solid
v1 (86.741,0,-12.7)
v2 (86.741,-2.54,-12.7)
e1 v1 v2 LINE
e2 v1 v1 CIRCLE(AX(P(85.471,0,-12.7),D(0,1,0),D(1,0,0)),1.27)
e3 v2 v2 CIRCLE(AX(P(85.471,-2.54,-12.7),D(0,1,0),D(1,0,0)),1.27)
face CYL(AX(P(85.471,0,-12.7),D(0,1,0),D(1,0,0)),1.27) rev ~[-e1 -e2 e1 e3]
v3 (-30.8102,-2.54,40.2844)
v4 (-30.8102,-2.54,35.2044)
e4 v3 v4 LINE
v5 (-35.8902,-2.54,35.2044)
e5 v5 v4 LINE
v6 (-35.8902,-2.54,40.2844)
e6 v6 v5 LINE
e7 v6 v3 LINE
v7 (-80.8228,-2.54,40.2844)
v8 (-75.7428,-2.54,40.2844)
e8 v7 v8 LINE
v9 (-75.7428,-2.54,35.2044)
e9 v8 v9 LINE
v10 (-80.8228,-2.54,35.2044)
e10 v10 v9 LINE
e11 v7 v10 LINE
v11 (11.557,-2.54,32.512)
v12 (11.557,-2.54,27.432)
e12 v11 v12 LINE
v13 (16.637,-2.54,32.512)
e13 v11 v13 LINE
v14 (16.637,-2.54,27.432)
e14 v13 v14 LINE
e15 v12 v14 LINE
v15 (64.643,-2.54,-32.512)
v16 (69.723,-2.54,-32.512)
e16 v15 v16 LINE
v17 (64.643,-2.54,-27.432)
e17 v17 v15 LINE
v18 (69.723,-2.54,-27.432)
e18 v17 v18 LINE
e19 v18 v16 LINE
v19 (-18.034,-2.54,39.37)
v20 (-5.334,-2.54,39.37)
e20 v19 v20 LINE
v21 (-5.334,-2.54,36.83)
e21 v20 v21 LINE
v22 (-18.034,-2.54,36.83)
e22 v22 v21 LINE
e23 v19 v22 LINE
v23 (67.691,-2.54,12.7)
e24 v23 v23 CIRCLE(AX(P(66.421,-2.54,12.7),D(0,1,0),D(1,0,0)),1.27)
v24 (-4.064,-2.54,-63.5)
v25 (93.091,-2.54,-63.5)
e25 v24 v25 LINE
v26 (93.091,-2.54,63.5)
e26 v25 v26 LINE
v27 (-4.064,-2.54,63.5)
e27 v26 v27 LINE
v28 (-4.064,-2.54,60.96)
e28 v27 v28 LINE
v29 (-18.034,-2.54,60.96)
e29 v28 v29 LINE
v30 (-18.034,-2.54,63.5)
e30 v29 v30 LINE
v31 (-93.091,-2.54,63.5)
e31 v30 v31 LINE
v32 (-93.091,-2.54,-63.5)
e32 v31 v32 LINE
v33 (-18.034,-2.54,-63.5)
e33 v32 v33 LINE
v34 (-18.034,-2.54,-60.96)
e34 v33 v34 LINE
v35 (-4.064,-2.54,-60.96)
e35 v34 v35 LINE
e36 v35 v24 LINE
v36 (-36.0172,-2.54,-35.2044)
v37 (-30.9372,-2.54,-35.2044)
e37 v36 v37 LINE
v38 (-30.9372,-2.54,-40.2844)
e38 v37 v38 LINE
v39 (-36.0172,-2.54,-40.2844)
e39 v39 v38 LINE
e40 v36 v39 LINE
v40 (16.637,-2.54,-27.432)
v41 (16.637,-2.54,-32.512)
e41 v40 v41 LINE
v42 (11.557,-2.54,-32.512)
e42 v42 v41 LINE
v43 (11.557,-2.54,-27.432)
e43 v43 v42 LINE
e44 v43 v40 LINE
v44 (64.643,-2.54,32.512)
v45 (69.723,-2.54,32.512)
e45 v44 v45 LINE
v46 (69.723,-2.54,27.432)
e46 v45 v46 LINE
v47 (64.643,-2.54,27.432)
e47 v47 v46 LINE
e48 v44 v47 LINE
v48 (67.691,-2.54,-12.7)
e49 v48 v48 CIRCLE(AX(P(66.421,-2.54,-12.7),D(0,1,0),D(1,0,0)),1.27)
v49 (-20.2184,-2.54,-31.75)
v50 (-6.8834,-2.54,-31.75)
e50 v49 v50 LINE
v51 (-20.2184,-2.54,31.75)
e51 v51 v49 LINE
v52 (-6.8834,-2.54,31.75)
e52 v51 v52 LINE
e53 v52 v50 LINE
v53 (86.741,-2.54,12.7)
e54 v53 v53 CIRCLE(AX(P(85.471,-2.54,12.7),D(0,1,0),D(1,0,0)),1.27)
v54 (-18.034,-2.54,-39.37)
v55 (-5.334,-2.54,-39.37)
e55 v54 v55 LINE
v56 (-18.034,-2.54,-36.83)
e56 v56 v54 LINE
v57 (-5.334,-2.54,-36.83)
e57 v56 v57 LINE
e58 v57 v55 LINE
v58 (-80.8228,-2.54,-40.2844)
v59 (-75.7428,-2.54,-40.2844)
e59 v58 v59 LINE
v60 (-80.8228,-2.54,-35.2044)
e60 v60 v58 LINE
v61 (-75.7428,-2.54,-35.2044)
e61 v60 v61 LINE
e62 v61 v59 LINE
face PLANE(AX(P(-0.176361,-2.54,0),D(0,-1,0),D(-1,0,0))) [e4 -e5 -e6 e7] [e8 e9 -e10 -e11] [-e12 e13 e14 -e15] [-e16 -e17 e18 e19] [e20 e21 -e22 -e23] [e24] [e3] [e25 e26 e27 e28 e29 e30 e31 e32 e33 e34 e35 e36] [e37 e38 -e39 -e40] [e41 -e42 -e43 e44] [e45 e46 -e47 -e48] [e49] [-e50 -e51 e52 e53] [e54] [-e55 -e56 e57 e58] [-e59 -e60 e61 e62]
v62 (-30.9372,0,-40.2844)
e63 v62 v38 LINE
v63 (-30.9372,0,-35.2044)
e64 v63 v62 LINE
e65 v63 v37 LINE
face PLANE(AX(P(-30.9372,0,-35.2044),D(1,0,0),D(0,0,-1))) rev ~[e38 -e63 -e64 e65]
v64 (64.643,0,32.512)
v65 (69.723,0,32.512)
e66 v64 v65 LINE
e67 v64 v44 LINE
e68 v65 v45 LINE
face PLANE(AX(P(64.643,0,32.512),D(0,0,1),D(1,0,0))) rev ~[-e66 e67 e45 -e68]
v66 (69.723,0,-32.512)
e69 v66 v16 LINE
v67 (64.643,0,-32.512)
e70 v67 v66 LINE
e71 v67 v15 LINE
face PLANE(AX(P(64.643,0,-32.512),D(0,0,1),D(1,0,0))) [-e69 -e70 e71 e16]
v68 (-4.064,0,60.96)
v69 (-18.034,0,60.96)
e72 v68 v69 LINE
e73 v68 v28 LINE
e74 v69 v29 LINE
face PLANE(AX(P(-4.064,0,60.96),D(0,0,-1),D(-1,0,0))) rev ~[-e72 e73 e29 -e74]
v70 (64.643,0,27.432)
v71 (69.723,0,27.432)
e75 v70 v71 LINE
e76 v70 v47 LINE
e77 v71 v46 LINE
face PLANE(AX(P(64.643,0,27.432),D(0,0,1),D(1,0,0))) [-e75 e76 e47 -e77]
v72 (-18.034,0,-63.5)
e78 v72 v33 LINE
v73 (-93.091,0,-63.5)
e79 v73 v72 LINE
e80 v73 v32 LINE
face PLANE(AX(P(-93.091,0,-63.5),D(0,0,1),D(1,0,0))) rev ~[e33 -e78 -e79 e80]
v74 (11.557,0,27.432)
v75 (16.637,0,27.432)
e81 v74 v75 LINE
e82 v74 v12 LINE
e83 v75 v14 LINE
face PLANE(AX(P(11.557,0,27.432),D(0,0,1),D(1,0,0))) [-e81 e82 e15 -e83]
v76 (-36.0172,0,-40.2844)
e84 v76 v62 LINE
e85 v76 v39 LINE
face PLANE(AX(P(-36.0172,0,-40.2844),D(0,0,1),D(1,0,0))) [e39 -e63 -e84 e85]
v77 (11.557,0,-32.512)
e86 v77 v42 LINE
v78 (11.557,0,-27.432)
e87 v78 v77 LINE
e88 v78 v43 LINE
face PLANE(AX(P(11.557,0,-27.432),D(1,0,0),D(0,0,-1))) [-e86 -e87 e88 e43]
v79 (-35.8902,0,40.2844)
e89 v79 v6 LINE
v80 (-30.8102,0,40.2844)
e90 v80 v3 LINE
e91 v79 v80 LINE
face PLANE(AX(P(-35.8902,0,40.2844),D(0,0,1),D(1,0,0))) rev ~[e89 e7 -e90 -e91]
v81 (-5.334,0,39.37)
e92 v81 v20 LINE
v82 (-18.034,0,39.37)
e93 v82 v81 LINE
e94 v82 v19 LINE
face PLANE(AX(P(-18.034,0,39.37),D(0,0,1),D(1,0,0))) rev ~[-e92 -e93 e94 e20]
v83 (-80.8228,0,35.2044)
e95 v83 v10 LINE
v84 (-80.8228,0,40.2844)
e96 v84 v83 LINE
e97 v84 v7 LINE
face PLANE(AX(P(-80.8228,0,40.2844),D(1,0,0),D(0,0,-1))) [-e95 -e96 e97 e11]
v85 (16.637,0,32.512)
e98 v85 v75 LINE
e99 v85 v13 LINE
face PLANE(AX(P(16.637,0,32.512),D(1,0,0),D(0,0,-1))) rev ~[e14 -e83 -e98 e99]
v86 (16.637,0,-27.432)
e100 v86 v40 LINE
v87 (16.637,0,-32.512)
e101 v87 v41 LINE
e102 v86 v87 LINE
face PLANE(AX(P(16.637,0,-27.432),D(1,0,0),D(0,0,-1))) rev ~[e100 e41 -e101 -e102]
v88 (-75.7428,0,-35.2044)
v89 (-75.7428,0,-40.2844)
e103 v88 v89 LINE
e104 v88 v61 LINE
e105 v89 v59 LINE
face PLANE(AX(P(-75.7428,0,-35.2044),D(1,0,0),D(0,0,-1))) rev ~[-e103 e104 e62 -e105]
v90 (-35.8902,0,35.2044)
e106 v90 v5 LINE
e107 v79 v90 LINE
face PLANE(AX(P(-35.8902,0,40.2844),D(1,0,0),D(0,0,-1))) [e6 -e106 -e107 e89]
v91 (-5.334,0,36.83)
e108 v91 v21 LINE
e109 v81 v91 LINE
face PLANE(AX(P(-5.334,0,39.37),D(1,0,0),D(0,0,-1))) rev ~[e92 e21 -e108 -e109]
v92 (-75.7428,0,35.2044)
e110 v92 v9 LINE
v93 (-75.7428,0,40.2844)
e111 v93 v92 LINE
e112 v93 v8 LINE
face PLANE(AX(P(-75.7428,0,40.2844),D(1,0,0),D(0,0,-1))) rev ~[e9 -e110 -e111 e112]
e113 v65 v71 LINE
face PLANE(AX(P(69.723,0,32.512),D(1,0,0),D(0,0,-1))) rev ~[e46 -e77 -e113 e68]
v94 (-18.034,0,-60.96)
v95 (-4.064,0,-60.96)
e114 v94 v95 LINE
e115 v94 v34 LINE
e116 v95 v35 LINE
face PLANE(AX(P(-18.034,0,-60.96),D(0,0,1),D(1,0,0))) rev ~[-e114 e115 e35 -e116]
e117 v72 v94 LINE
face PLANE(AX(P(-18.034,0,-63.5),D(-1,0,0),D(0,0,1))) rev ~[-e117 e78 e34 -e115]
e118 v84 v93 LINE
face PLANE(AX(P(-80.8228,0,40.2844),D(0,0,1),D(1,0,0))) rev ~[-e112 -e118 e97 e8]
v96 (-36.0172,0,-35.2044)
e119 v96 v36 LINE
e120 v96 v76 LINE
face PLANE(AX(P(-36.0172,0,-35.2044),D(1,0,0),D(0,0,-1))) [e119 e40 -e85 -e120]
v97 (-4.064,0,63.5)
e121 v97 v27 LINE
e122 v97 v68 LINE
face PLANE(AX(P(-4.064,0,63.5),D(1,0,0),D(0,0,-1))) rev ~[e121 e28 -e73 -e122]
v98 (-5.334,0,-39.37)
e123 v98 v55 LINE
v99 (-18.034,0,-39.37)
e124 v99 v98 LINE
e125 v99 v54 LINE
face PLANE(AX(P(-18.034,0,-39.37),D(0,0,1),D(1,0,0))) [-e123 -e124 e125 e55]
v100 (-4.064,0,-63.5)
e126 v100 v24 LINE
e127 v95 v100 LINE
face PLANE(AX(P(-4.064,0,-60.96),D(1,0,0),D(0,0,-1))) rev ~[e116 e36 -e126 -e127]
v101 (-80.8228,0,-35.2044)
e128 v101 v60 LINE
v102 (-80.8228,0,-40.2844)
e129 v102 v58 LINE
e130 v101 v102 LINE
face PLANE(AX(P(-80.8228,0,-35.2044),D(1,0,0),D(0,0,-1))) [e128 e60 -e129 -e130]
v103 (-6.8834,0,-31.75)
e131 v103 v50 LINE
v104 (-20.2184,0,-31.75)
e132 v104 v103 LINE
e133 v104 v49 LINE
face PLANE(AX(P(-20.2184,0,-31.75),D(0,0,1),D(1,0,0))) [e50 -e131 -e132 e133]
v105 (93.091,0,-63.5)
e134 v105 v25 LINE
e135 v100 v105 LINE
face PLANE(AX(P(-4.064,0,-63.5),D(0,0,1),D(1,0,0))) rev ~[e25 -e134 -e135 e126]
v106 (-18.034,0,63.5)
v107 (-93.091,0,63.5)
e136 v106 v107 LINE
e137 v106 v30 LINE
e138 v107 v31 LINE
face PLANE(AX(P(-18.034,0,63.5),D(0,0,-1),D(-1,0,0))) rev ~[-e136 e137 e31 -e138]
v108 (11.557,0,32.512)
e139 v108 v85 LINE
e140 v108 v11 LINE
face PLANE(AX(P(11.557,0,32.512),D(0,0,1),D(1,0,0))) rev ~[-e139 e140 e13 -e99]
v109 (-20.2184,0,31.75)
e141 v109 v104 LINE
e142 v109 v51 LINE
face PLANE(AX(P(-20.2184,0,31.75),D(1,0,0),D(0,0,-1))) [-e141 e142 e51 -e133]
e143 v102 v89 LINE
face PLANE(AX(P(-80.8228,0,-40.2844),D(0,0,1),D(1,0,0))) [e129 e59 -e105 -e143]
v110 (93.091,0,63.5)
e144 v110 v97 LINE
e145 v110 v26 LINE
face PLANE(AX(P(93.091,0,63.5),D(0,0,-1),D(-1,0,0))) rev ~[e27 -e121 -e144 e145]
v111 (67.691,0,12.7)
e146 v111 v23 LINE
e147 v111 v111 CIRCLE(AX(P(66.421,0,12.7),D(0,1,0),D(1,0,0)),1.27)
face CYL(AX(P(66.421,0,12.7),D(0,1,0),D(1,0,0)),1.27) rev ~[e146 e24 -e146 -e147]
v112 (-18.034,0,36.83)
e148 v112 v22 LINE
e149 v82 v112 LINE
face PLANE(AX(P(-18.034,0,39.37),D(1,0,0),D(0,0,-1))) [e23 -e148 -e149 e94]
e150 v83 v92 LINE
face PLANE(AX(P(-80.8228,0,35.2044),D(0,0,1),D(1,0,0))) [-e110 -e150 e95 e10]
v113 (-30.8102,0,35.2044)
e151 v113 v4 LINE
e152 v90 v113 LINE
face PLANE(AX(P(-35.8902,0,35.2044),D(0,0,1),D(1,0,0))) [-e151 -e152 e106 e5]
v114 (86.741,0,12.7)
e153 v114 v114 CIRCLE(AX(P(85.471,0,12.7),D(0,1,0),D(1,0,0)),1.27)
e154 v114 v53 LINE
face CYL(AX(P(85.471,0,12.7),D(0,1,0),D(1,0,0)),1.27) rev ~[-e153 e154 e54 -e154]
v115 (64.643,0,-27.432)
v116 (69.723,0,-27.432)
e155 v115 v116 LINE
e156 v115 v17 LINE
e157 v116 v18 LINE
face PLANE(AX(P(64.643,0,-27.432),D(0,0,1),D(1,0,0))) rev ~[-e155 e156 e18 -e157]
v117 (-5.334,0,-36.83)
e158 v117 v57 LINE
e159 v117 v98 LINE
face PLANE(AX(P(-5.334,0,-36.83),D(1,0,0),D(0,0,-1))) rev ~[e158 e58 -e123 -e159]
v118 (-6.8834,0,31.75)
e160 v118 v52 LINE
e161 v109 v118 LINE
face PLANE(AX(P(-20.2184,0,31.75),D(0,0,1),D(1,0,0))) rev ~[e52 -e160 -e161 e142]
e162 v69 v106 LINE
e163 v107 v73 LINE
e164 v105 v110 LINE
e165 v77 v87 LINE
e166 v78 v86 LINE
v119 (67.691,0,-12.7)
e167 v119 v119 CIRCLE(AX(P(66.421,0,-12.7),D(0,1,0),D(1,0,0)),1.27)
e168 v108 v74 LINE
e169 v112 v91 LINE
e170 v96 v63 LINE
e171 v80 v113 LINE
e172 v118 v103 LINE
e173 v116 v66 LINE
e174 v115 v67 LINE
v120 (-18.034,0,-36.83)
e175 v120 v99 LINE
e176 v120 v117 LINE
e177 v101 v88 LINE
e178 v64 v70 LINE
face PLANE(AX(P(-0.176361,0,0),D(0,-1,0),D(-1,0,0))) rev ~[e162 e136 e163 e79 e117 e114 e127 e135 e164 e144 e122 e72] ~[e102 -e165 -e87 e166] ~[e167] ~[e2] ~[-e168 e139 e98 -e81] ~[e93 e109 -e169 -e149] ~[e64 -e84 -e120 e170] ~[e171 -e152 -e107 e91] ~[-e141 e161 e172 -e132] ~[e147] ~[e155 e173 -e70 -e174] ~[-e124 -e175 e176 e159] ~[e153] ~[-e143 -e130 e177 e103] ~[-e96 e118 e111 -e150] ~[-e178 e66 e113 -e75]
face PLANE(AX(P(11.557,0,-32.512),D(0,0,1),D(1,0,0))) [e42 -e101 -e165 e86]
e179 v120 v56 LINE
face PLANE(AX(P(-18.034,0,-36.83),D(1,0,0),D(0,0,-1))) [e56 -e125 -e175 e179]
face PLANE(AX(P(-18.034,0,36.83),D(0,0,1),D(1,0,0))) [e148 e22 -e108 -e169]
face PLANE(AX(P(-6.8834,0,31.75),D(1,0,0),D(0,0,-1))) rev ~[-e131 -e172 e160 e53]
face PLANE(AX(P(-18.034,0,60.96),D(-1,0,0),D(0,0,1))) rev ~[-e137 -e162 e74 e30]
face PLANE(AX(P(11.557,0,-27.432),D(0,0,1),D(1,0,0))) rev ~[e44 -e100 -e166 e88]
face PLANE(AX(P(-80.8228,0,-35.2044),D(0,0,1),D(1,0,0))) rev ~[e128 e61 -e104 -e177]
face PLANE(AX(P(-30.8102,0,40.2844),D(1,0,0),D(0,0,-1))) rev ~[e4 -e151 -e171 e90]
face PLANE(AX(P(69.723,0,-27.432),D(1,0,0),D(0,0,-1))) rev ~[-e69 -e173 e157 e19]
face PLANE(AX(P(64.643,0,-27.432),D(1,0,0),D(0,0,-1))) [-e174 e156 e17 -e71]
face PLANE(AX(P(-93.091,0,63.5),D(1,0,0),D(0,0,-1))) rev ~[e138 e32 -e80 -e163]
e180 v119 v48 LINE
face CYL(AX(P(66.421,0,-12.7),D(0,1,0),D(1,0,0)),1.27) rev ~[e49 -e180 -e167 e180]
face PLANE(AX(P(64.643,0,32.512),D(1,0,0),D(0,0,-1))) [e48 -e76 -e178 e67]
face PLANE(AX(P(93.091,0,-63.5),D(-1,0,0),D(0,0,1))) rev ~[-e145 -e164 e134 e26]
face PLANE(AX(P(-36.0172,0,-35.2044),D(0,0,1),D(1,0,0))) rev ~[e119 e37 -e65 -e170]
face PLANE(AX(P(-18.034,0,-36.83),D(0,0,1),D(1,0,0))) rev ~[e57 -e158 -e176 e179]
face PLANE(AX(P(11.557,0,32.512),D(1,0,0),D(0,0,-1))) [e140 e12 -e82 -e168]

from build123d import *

# Parameters (mm, degrees)
BOSS_EXTRUDE1_DEPTH = 2.54
CUT_EXTRUDE1_REACH  = 4.54
SKETCH2_R           = 1.27
SKETCH2_W           = 5.08
SKETCH2_H           = 5.08
SKETCH2_W_2         = 13.335
SKETCH2_H_2         = 63.5
SKETCH2_W_3         = 12.7
SKETCH2_H_3         = 2.54


with BuildPart() as part:
    # Sketch1 → Boss-Extrude1 (new body)
    with BuildSketch(Plane(origin=(0, 0, 0), x_dir=(1, 0, 0), z_dir=(0, 1, 0))):
        Polygon((-18.034, 63.5), (-18.034, 60.96), (-4.064, 60.96), (-4.064, 63.5), (93.091, 63.5), (93.091, -63.5), (-4.064, -63.5), (-4.064, -60.96), (-18.034, -60.96), (-18.034, -63.5), (-93.091, -63.5), (-93.091, 63.5), align=None)
    extrude(amount=-BOSS_EXTRUDE1_DEPTH)

    # Sketch2 → Cut-Extrude1 (cut, up to next)
    with BuildSketch(Plane(origin=(0, 0, 0), x_dir=(1, 0, 0), z_dir=(0, 1, 0)), mode=Mode.PRIVATE) as cut_extrude1_sk1:
        with Locations((85.471, -12.7)):
            Circle(SKETCH2_R)
    cut_extrude1_tool1 = extrude(cut_extrude1_sk1.sketch, amount=-CUT_EXTRUDE1_REACH, mode=Mode.PRIVATE) & part.part
    add(cut_extrude1_tool1.solids().sort_by_distance((85.471, 0, 12.7))[0], mode=Mode.SUBTRACT)
    # Sketch2 → Cut-Extrude1 (cut, up to next)
    with BuildSketch(Plane(origin=(0, 0, 0), x_dir=(1, 0, 0), z_dir=(0, 1, 0)), mode=Mode.PRIVATE) as cut_extrude1_sk2:
        with Locations((66.421, -12.7)):
            Circle(SKETCH2_R)
    cut_extrude1_tool2 = extrude(cut_extrude1_sk2.sketch, amount=-CUT_EXTRUDE1_REACH, mode=Mode.PRIVATE) & part.part
    add(cut_extrude1_tool2.solids().sort_by_distance((66.421, 0, 12.7))[0], mode=Mode.SUBTRACT)
    # Sketch2 → Cut-Extrude1 (cut, up to next)
    with BuildSketch(Plane(origin=(0, 0, 0), x_dir=(1, 0, 0), z_dir=(0, 1, 0)), mode=Mode.PRIVATE) as cut_extrude1_sk3:
        with Locations((85.471, 12.7)):
            Circle(SKETCH2_R)
    cut_extrude1_tool3 = extrude(cut_extrude1_sk3.sketch, amount=-CUT_EXTRUDE1_REACH, mode=Mode.PRIVATE) & part.part
    add(cut_extrude1_tool3.solids().sort_by_distance((85.471, 0, -12.7))[0], mode=Mode.SUBTRACT)
    # Sketch2 → Cut-Extrude1 (cut, up to next)
    with BuildSketch(Plane(origin=(0, 0, 0), x_dir=(1, 0, 0), z_dir=(0, 1, 0)), mode=Mode.PRIVATE) as cut_extrude1_sk4:
        with Locations((66.421, 12.7)):
            Circle(SKETCH2_R)
    cut_extrude1_tool4 = extrude(cut_extrude1_sk4.sketch, amount=-CUT_EXTRUDE1_REACH, mode=Mode.PRIVATE) & part.part
    add(cut_extrude1_tool4.solids().sort_by_distance((66.421, 0, -12.7))[0], mode=Mode.SUBTRACT)
    # Sketch2 → Cut-Extrude1 (cut, up to next)
    with BuildSketch(Plane(origin=(0, 0, 0), x_dir=(1, 0, 0), z_dir=(0, 1, 0)), mode=Mode.PRIVATE) as cut_extrude1_sk5:
        with Locations((-78.2828, -37.7444)):
            Rectangle(SKETCH2_W, SKETCH2_H)
    cut_extrude1_tool5 = extrude(cut_extrude1_sk5.sketch, amount=-CUT_EXTRUDE1_REACH, mode=Mode.PRIVATE) & part.part
    add(cut_extrude1_tool5.solids().sort_by_distance((-78.2828, 0, 37.7444))[0], mode=Mode.SUBTRACT)
    # Sketch2 → Cut-Extrude1 (cut, up to next)
    with BuildSketch(Plane(origin=(0, 0, 0), x_dir=(1, 0, 0), z_dir=(0, 1, 0)), mode=Mode.PRIVATE) as cut_extrude1_sk6:
        with Locations((-78.2828, 37.7444)):
            Rectangle(SKETCH2_W, SKETCH2_H)
    cut_extrude1_tool6 = extrude(cut_extrude1_sk6.sketch, amount=-CUT_EXTRUDE1_REACH, mode=Mode.PRIVATE) & part.part
    add(cut_extrude1_tool6.solids().sort_by_distance((-78.2828, 0, -37.7444))[0], mode=Mode.SUBTRACT)
    # Sketch2 → Cut-Extrude1 (cut, up to next)
    with BuildSketch(Plane(origin=(0, 0, 0), x_dir=(1, 0, 0), z_dir=(0, 1, 0)), mode=Mode.PRIVATE) as cut_extrude1_sk7:
        with Locations((-13.5509, 0)):
            Rectangle(SKETCH2_W_2, SKETCH2_H_2)
    cut_extrude1_tool7 = extrude(cut_extrude1_sk7.sketch, amount=-CUT_EXTRUDE1_REACH, mode=Mode.PRIVATE) & part.part
    add(cut_extrude1_tool7.solids().sort_by_distance((-13.5509, 0, 0))[0], mode=Mode.SUBTRACT)
    # Sketch2 → Cut-Extrude1 (cut, up to next)
    with BuildSketch(Plane(origin=(0, 0, 0), x_dir=(1, 0, 0), z_dir=(0, 1, 0)), mode=Mode.PRIVATE) as cut_extrude1_sk8:
        with Locations((-11.684, 38.1)):
            Rectangle(SKETCH2_W_3, SKETCH2_H_3)
    cut_extrude1_tool8 = extrude(cut_extrude1_sk8.sketch, amount=-CUT_EXTRUDE1_REACH, mode=Mode.PRIVATE) & part.part
    add(cut_extrude1_tool8.solids().sort_by_distance((-11.684, 0, -38.1))[0], mode=Mode.SUBTRACT)
    # Sketch2 → Cut-Extrude1 (cut, up to next)
    with BuildSketch(Plane(origin=(0, 0, 0), x_dir=(1, 0, 0), z_dir=(0, 1, 0)), mode=Mode.PRIVATE) as cut_extrude1_sk9:
        with Locations((-11.684, -38.1)):
            Rectangle(SKETCH2_W_3, SKETCH2_H_3)
    cut_extrude1_tool9 = extrude(cut_extrude1_sk9.sketch, amount=-CUT_EXTRUDE1_REACH, mode=Mode.PRIVATE) & part.part
    add(cut_extrude1_tool9.solids().sort_by_distance((-11.684, 0, 38.1))[0], mode=Mode.SUBTRACT)
    # Sketch2 → Cut-Extrude1 (cut, up to next)
    with BuildSketch(Plane(origin=(0, 0, 0), x_dir=(1, 0, 0), z_dir=(0, 1, 0)), mode=Mode.PRIVATE) as cut_extrude1_sk10:
        with Locations((67.183, -29.972)):
            Rectangle(SKETCH2_W, SKETCH2_H)
    cut_extrude1_tool10 = extrude(cut_extrude1_sk10.sketch, amount=-CUT_EXTRUDE1_REACH, mode=Mode.PRIVATE) & part.part
    add(cut_extrude1_tool10.solids().sort_by_distance((67.183, 0, 29.972))[0], mode=Mode.SUBTRACT)
    # Sketch2 → Cut-Extrude1 (cut, up to next)
    with BuildSketch(Plane(origin=(0, 0, 0), x_dir=(1, 0, 0), z_dir=(0, 1, 0)), mode=Mode.PRIVATE) as cut_extrude1_sk11:
        with Locations((-33.4772, 37.7444)):
            Rectangle(SKETCH2_W, SKETCH2_H)
    cut_extrude1_tool11 = extrude(cut_extrude1_sk11.sketch, amount=-CUT_EXTRUDE1_REACH, mode=Mode.PRIVATE) & part.part
    add(cut_extrude1_tool11.solids().sort_by_distance((-33.4772, 0, -37.7444))[0], mode=Mode.SUBTRACT)
    # Sketch2 → Cut-Extrude1 (cut, up to next)
    with BuildSketch(Plane(origin=(0, 0, 0), x_dir=(1, 0, 0), z_dir=(0, 1, 0)), mode=Mode.PRIVATE) as cut_extrude1_sk12:
        with Locations((-33.3502, -37.7444)):
            Rectangle(SKETCH2_W, SKETCH2_H)
    cut_extrude1_tool12 = extrude(cut_extrude1_sk12.sketch, amount=-CUT_EXTRUDE1_REACH, mode=Mode.PRIVATE) & part.part
    add(cut_extrude1_tool12.solids().sort_by_distance((-33.3502, 0, 37.7444))[0], mode=Mode.SUBTRACT)
    # Sketch2 → Cut-Extrude1 (cut, up to next)
    with BuildSketch(Plane(origin=(0, 0, 0), x_dir=(1, 0, 0), z_dir=(0, 1, 0)), mode=Mode.PRIVATE) as cut_extrude1_sk13:
        with Locations((67.183, 29.972)):
            Rectangle(SKETCH2_W, SKETCH2_H)
    cut_extrude1_tool13 = extrude(cut_extrude1_sk13.sketch, amount=-CUT_EXTRUDE1_REACH, mode=Mode.PRIVATE) & part.part
    add(cut_extrude1_tool13.solids().sort_by_distance((67.183, 0, -29.972))[0], mode=Mode.SUBTRACT)
    # Sketch2 → Cut-Extrude1 (cut, up to next)
    with BuildSketch(Plane(origin=(0, 0, 0), x_dir=(1, 0, 0), z_dir=(0, 1, 0)), mode=Mode.PRIVATE) as cut_extrude1_sk14:
        with Locations((14.097, 29.972)):
            Rectangle(SKETCH2_W, SKETCH2_H)
    cut_extrude1_tool14 = extrude(cut_extrude1_sk14.sketch, amount=-CUT_EXTRUDE1_REACH, mode=Mode.PRIVATE) & part.part
    add(cut_extrude1_tool14.solids().sort_by_distance((14.097, 0, -29.972))[0], mode=Mode.SUBTRACT)
    # Sketch2 → Cut-Extrude1 (cut, up to next)
    with BuildSketch(Plane(origin=(0, 0, 0), x_dir=(1, 0, 0), z_dir=(0, 1, 0)), mode=Mode.PRIVATE) as cut_extrude1_sk15:
        with Locations((14.097, -29.972)):
            Rectangle(SKETCH2_W, SKETCH2_H)
    cut_extrude1_tool15 = extrude(cut_extrude1_sk15.sketch, amount=-CUT_EXTRUDE1_REACH, mode=Mode.PRIVATE) & part.part
    add(cut_extrude1_tool15.solids().sort_by_distance((14.097, 0, 29.972))[0], mode=Mode.SUBTRACT)


solid = part.part
